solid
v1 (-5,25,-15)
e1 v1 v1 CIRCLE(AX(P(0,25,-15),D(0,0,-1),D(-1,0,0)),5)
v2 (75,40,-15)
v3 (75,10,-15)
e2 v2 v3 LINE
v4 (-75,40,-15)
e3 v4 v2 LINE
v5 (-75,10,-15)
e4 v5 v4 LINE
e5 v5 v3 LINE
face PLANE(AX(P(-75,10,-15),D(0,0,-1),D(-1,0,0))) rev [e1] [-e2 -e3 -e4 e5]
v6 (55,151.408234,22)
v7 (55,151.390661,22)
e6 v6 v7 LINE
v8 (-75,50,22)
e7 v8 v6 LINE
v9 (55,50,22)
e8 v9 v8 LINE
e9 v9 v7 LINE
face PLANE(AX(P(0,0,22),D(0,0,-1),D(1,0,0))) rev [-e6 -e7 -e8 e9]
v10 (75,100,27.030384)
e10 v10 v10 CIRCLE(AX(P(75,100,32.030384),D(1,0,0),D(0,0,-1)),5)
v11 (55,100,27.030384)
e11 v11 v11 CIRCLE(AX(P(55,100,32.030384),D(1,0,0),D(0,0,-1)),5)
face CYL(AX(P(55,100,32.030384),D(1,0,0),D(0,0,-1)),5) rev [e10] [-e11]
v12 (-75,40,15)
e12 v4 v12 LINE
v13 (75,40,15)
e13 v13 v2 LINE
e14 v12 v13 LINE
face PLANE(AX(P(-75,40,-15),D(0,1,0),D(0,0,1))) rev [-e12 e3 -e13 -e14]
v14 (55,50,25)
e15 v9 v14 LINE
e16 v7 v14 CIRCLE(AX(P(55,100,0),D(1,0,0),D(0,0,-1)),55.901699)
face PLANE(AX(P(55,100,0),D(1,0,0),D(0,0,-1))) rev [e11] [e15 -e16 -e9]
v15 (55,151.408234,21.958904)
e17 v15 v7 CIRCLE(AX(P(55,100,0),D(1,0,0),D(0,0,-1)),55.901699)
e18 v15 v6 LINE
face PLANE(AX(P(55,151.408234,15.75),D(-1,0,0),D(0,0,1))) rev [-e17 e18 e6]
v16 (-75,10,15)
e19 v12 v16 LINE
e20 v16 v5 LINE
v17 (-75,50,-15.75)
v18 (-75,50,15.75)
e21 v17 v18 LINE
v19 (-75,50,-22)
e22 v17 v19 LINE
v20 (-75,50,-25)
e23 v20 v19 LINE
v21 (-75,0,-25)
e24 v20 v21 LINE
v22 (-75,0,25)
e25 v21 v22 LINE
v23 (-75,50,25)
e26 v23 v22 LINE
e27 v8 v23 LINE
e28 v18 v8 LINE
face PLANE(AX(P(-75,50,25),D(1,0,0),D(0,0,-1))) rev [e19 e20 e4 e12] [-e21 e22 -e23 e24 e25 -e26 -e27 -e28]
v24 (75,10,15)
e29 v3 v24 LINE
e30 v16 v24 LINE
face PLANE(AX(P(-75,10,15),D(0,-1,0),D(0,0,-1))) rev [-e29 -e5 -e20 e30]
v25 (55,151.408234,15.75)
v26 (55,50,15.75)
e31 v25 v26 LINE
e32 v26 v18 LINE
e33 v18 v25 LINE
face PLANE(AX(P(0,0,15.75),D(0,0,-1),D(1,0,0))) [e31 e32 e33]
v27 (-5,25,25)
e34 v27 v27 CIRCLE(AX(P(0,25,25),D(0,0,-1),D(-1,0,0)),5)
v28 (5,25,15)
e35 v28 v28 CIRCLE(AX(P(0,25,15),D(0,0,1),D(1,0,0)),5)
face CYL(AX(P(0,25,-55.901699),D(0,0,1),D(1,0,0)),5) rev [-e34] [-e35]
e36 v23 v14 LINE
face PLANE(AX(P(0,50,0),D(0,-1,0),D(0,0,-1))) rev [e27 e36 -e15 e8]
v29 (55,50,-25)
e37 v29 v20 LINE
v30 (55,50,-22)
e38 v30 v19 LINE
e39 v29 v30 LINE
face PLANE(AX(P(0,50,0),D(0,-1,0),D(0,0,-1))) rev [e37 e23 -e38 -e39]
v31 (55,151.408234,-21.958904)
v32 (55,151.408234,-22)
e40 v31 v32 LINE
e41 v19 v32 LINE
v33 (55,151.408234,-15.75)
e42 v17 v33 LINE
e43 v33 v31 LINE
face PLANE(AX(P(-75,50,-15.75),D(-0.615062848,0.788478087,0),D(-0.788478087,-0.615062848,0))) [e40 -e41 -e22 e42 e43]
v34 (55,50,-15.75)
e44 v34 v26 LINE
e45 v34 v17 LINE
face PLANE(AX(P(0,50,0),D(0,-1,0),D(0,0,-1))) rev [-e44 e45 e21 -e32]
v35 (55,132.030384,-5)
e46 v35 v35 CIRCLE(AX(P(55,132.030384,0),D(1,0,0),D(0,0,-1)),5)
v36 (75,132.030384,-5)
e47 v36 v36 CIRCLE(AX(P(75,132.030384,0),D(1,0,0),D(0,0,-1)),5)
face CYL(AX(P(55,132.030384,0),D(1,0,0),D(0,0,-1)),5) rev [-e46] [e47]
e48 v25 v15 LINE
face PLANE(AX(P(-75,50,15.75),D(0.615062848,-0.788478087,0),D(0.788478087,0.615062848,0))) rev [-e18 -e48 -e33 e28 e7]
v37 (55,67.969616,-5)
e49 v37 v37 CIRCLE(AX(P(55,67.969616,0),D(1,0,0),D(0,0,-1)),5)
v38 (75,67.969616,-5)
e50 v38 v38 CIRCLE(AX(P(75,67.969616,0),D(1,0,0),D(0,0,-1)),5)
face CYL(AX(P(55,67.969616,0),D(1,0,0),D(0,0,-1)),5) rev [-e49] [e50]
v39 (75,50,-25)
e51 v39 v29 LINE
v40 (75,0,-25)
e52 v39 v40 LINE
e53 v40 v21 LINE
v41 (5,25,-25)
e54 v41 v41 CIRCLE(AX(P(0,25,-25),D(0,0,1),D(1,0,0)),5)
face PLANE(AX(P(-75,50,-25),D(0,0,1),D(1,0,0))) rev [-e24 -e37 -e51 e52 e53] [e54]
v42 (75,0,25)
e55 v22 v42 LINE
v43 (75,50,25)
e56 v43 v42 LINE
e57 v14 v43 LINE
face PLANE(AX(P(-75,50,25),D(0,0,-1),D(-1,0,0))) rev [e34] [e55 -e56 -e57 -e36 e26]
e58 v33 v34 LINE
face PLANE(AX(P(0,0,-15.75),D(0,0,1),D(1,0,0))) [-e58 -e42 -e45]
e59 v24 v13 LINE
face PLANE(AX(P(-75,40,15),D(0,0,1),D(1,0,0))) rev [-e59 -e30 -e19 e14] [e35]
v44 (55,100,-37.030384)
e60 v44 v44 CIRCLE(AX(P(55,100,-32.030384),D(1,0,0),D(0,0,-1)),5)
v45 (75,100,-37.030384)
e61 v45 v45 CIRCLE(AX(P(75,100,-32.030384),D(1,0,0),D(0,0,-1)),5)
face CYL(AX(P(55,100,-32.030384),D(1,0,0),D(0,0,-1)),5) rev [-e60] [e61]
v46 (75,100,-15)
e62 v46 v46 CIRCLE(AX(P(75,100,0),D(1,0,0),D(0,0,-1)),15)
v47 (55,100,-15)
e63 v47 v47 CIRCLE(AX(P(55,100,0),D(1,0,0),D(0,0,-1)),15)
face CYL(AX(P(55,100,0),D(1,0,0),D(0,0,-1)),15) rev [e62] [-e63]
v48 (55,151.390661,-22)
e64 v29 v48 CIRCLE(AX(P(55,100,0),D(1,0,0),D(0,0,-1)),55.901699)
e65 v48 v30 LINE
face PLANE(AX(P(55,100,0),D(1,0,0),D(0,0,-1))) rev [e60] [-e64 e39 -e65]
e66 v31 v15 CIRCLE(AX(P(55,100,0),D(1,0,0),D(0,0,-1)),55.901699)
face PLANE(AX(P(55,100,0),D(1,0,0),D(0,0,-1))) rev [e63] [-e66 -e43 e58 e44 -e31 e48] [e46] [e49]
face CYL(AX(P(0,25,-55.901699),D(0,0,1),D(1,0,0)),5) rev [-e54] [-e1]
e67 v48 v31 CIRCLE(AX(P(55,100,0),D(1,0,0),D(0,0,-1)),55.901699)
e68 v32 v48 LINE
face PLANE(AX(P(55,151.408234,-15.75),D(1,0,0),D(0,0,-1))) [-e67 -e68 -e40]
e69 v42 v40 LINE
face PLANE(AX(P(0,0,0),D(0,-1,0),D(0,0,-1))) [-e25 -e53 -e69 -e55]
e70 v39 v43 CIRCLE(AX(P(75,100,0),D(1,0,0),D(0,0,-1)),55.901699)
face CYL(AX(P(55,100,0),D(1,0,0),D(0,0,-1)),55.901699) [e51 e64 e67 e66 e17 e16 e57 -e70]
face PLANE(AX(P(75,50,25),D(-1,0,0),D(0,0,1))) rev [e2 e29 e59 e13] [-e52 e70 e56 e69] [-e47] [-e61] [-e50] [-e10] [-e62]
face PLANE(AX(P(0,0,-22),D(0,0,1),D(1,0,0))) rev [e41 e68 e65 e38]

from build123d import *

# Parameters (mm, degrees)
SKETCH2_W               = 150
SKETCH2_H               = 50
BOSS_EXTRUDE1_DEPTH     = 50
SKETCH5_W               = 30
SKETCH5_H               = 30
CUT_EXTRUDE1_DEPTH      = 1
CUT_EXTRUDE1_DEPTH_BACK = 151
SKETCH7_R               = 55.901699437
SKETCH7_R_2             = 15
SKETCH7_R_3             = 5
BOSS_EXTRUDE2_DEPTH     = 20
BOSS_EXTRUDE3_START     = -3
BOSS_EXTRUDE3_DEPTH     = 6.25
SKETCH11_R              = 5
CUT_EXTRUDE2_DEPTH      = 31.901699437
CUT_EXTRUDE2_DEPTH_BACK = 81.901699437


with BuildPart() as part:
    # Sketch2 → Boss-Extrude1 (new body)
    with BuildSketch(Plane(origin=(0, 0, 0), x_dir=(1, 0, 0), z_dir=(0, 1, 0))):
        Rectangle(SKETCH2_W, SKETCH2_H)
    extrude(amount=BOSS_EXTRUDE1_DEPTH)

    # Sketch5 → Cut-Extrude1 (cut, two sides)
    with BuildSketch(Plane(origin=(75, 0, 0), x_dir=(0, 0, -1), z_dir=(1, 0, 0))) as cut_extrude1_sk:
        with Locations((0, 25)):
            Rectangle(SKETCH5_W, SKETCH5_H)
    extrude(amount=CUT_EXTRUDE1_DEPTH, mode=Mode.SUBTRACT)
    extrude(cut_extrude1_sk.sketch, amount=-CUT_EXTRUDE1_DEPTH_BACK, mode=Mode.SUBTRACT)

    # Sketch7 → Boss-Extrude2 (add)
    with BuildSketch(Plane(origin=(75, 0, 0), x_dir=(0, 0, -1), z_dir=(1, 0, 0))):
        with Locations((0, 100)):
            Circle(SKETCH7_R)
        with Locations((0, 100)):
            Circle(SKETCH7_R_2, mode=Mode.SUBTRACT)
        with Locations((0, 132.030384042)):
            Circle(SKETCH7_R_3, mode=Mode.SUBTRACT)
        with Locations((32.030384042, 100)):
            Circle(SKETCH7_R_3, mode=Mode.SUBTRACT)
        with Locations((0, 67.969615958)):
            Circle(SKETCH7_R_3, mode=Mode.SUBTRACT)
        with Locations((-32.030384042, 100)):
            Circle(SKETCH7_R_3, mode=Mode.SUBTRACT)
    extrude(amount=-BOSS_EXTRUDE2_DEPTH)

    # Sketch8 → Boss-Extrude3 (add)
    with BuildSketch(Plane(origin=(0, 0, -25), x_dir=(-1, 0, 0), z_dir=(0, 0, -1)).offset(BOSS_EXTRUDE3_START)):
        Polygon((75, 50), (-55, 151.408233922), (-55, 50), align=None)
    boss_extrude3 = extrude(amount=-BOSS_EXTRUDE3_DEPTH)

    # Sketch11 → Cut-Extrude2 (cut, two sides)
    with BuildSketch(Plane.XY.offset(25)) as cut_extrude2_sk:
        with Locations((0, 25)):
            Circle(SKETCH11_R)
    extrude(amount=CUT_EXTRUDE2_DEPTH, mode=Mode.SUBTRACT)
    extrude(cut_extrude2_sk.sketch, amount=-CUT_EXTRUDE2_DEPTH_BACK, mode=Mode.SUBTRACT)

    # Mirror1: Boss-Extrude3 across plane
    add(boss_extrude3.mirror(Plane.XY))


solid = part.part
